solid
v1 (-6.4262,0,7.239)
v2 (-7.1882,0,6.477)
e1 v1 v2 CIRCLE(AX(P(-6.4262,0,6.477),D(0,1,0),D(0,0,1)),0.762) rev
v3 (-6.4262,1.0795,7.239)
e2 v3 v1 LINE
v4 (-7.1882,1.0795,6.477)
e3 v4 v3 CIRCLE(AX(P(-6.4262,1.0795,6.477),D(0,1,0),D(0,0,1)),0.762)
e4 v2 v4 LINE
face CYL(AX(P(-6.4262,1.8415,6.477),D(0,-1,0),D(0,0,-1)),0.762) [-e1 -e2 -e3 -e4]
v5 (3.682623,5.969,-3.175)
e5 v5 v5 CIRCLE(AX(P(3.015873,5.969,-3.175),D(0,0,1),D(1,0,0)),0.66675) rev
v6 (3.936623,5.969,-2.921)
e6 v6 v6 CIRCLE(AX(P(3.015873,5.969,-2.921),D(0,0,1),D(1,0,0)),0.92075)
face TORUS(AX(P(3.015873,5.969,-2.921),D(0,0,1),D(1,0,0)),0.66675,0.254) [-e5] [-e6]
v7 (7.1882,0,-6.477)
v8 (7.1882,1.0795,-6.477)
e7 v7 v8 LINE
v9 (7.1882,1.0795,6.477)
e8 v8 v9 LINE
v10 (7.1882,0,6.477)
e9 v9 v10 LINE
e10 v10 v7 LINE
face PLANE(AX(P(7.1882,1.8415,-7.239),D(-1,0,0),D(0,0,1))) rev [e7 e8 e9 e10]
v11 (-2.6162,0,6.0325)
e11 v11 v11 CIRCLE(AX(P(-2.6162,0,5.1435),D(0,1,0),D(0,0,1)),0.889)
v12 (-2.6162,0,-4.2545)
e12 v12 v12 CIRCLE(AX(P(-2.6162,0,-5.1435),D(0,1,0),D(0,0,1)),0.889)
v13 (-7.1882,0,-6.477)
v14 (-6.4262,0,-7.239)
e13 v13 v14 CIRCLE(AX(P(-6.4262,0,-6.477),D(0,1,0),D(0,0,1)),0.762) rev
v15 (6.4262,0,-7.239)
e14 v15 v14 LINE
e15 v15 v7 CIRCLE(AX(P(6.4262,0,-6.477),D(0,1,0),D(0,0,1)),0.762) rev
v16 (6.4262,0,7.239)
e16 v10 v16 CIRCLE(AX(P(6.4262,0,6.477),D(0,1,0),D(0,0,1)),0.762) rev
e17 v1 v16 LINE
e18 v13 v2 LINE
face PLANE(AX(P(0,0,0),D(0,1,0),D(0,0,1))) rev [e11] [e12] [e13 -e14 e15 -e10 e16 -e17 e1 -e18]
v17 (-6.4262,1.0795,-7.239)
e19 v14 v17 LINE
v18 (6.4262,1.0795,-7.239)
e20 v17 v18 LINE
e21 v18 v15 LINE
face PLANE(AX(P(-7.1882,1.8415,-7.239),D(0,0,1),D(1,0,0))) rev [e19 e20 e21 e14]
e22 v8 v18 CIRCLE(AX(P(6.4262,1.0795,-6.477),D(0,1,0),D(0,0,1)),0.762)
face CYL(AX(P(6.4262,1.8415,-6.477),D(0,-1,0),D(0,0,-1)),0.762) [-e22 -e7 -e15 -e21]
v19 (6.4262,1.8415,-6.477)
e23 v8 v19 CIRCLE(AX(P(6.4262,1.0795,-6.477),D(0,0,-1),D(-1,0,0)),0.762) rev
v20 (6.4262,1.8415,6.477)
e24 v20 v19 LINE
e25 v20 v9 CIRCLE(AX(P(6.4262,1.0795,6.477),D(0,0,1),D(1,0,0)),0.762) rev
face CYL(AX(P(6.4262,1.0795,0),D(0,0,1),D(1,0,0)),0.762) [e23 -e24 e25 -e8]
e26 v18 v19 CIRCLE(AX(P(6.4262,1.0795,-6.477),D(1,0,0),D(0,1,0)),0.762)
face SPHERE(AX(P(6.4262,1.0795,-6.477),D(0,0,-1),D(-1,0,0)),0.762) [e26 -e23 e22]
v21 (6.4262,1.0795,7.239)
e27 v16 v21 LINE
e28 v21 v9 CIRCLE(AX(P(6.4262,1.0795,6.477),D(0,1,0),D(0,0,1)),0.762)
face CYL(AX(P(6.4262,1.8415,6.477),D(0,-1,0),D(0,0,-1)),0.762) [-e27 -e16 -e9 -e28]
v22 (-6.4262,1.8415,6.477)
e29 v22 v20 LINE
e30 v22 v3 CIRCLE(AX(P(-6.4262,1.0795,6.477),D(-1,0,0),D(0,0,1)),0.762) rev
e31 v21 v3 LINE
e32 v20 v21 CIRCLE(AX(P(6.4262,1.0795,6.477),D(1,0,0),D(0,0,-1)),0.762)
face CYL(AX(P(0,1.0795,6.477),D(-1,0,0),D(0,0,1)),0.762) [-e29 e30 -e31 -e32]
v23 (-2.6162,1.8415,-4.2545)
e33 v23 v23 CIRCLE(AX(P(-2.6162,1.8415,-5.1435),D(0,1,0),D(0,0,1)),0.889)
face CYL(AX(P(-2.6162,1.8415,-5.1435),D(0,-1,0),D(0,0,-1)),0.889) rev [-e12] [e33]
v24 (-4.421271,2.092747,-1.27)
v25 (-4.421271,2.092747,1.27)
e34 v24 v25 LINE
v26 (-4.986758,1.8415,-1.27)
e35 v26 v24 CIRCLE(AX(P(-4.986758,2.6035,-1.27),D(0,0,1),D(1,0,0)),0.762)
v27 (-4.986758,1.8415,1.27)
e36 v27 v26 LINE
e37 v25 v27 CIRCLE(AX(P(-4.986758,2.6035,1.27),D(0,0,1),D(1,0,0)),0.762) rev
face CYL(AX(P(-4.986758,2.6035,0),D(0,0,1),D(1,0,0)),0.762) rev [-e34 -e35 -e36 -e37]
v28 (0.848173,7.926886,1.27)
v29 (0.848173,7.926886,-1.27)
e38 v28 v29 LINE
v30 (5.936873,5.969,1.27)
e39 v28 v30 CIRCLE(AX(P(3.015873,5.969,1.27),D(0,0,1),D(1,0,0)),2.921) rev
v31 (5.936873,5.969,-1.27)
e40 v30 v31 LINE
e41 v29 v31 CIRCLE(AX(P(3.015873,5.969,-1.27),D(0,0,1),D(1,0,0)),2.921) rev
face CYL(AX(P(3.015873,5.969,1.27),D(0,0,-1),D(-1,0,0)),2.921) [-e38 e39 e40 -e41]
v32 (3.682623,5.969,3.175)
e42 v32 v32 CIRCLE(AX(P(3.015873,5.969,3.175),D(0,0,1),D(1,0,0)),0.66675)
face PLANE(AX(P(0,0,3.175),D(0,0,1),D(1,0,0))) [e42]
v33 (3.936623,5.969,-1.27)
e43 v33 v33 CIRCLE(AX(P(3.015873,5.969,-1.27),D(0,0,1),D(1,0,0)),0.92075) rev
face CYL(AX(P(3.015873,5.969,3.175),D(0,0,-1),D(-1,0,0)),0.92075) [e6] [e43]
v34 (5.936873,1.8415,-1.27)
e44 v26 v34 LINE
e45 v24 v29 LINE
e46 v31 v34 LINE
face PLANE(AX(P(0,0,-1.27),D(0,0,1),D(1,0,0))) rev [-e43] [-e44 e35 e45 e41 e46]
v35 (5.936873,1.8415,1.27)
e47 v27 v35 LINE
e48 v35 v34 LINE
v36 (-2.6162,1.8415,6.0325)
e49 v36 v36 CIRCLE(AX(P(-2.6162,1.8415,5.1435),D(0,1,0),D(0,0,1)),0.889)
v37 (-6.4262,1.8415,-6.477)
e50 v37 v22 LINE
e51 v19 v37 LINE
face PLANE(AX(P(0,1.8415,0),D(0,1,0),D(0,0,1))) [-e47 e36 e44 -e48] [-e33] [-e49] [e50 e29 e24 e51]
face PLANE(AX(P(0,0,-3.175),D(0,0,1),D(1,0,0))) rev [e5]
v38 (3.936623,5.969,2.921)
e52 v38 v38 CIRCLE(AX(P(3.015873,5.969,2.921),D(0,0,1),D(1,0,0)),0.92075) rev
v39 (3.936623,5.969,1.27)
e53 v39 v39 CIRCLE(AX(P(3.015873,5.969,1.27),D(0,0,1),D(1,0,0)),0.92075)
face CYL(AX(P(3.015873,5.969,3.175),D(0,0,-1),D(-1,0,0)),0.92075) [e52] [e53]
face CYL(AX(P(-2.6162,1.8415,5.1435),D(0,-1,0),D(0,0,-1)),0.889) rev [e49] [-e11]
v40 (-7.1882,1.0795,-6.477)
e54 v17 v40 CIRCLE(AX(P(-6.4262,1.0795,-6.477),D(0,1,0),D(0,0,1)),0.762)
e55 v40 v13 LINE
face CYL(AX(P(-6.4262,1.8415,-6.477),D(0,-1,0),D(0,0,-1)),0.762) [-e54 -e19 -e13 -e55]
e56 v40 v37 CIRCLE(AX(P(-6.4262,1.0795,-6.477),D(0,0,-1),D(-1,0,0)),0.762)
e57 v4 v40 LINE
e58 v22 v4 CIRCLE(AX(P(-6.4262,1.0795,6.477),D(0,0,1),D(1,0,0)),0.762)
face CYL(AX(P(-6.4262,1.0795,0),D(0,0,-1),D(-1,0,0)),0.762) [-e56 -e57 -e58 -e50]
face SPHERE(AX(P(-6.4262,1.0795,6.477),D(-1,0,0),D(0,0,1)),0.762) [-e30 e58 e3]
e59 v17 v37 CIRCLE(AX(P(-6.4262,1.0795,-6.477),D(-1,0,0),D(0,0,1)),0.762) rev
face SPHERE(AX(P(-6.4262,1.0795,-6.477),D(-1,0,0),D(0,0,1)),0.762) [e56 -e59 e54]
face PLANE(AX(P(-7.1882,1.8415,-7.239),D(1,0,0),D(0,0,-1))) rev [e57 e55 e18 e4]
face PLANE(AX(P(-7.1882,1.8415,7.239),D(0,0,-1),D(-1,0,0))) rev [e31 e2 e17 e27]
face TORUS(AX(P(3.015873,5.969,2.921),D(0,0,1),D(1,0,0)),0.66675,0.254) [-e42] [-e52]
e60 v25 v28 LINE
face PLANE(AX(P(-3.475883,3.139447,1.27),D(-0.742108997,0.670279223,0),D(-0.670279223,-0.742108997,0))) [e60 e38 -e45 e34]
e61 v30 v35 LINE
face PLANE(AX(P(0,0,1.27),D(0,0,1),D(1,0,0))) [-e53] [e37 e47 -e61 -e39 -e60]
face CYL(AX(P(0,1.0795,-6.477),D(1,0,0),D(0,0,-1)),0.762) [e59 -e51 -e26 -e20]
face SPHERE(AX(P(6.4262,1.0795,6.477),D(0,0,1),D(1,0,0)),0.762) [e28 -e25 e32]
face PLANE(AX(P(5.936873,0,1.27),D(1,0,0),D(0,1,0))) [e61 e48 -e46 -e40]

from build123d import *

# Parameters (mm, degrees)
SKETCH1_W           = 14.3764
SKETCH1_H           = 14.478
SKETCH1_R           = 0.889
BOSS_EXTRUDE1_DEPTH = 1.8415
SKETCH2_R           = 0.92075
BOSS_EXTRUDE2_DEPTH = 1.27
SKETCH2_4_R         = 0.92075
BOSS_EXTRUDE3_DEPTH = 3.175
FILLET1_R           = 0.762
FILLET2_R           = 0.254


with BuildPart() as part:
    # Sketch1 → Boss-Extrude1 (new body)
    with BuildSketch(Plane(origin=(0, 0, 0), x_dir=(1, 0, 0), z_dir=(0, 1, 0))):
        Rectangle(SKETCH1_W, SKETCH1_H)
        with Locations((-2.6162, 5.1435)):
            Circle(SKETCH1_R, mode=Mode.SUBTRACT)
        with Locations((-2.6162, -5.1435)):
            Circle(SKETCH1_R, mode=Mode.SUBTRACT)
    extrude(amount=BOSS_EXTRUDE1_DEPTH)

    # Sketch2 → Boss-Extrude2 (add, symmetric)
    with BuildSketch(Plane.XY):
        with BuildLine():
            Line((0.848172569, 7.926885609), (-4.6482, 1.8415))
            Line((-4.6482, 1.8415), (5.93687295, 1.8415))
            Line((5.93687295, 1.8415), (5.93687295, 5.969))
            ThreePointArc((5.93687295, 5.969), (4.064774324, 8.695178077), (0.848172569, 7.926885609))
        make_face()
        with Locations((3.01587295, 5.969)):
            Circle(SKETCH2_R, mode=Mode.SUBTRACT)
    extrude(amount=BOSS_EXTRUDE2_DEPTH, both=True)

    # Sketch2<4> → Boss-Extrude3 (add, symmetric)
    with BuildSketch(Plane.XY):
        with Locations((3.01587295, 5.969)):
            Circle(SKETCH2_4_R)
    extrude(amount=BOSS_EXTRUDE3_DEPTH, both=True)

    # Fillet1
    fillet1_edges = [part.edges().sort_by_distance(p)[0] for p in [
        (7.1882, 1.8415, 0),
        (0, 1.8415, -7.239),
        (-4.6482, 1.8415, 0),
        (-7.1882, 1.8415, 0),
        (-7.1882, 0.92075, -7.239),
        (7.1882, 0.92075, -7.239),
        (7.1882, 0.92075, 7.239),
        (-7.1882, 0.92075, 7.239),
        (0, 1.8415, 7.239),
    ]]
    fillet(fillet1_edges, radius=FILLET1_R)

    # Fillet2
    fillet2_edges = [part.edges().sort_by_distance(p)[0] for p in [
        (2.09512295, 5.969, -3.175),
        (2.09512295, 5.969, 3.175),
    ]]
    fillet(fillet2_edges, radius=FILLET2_R)


solid = part.part
